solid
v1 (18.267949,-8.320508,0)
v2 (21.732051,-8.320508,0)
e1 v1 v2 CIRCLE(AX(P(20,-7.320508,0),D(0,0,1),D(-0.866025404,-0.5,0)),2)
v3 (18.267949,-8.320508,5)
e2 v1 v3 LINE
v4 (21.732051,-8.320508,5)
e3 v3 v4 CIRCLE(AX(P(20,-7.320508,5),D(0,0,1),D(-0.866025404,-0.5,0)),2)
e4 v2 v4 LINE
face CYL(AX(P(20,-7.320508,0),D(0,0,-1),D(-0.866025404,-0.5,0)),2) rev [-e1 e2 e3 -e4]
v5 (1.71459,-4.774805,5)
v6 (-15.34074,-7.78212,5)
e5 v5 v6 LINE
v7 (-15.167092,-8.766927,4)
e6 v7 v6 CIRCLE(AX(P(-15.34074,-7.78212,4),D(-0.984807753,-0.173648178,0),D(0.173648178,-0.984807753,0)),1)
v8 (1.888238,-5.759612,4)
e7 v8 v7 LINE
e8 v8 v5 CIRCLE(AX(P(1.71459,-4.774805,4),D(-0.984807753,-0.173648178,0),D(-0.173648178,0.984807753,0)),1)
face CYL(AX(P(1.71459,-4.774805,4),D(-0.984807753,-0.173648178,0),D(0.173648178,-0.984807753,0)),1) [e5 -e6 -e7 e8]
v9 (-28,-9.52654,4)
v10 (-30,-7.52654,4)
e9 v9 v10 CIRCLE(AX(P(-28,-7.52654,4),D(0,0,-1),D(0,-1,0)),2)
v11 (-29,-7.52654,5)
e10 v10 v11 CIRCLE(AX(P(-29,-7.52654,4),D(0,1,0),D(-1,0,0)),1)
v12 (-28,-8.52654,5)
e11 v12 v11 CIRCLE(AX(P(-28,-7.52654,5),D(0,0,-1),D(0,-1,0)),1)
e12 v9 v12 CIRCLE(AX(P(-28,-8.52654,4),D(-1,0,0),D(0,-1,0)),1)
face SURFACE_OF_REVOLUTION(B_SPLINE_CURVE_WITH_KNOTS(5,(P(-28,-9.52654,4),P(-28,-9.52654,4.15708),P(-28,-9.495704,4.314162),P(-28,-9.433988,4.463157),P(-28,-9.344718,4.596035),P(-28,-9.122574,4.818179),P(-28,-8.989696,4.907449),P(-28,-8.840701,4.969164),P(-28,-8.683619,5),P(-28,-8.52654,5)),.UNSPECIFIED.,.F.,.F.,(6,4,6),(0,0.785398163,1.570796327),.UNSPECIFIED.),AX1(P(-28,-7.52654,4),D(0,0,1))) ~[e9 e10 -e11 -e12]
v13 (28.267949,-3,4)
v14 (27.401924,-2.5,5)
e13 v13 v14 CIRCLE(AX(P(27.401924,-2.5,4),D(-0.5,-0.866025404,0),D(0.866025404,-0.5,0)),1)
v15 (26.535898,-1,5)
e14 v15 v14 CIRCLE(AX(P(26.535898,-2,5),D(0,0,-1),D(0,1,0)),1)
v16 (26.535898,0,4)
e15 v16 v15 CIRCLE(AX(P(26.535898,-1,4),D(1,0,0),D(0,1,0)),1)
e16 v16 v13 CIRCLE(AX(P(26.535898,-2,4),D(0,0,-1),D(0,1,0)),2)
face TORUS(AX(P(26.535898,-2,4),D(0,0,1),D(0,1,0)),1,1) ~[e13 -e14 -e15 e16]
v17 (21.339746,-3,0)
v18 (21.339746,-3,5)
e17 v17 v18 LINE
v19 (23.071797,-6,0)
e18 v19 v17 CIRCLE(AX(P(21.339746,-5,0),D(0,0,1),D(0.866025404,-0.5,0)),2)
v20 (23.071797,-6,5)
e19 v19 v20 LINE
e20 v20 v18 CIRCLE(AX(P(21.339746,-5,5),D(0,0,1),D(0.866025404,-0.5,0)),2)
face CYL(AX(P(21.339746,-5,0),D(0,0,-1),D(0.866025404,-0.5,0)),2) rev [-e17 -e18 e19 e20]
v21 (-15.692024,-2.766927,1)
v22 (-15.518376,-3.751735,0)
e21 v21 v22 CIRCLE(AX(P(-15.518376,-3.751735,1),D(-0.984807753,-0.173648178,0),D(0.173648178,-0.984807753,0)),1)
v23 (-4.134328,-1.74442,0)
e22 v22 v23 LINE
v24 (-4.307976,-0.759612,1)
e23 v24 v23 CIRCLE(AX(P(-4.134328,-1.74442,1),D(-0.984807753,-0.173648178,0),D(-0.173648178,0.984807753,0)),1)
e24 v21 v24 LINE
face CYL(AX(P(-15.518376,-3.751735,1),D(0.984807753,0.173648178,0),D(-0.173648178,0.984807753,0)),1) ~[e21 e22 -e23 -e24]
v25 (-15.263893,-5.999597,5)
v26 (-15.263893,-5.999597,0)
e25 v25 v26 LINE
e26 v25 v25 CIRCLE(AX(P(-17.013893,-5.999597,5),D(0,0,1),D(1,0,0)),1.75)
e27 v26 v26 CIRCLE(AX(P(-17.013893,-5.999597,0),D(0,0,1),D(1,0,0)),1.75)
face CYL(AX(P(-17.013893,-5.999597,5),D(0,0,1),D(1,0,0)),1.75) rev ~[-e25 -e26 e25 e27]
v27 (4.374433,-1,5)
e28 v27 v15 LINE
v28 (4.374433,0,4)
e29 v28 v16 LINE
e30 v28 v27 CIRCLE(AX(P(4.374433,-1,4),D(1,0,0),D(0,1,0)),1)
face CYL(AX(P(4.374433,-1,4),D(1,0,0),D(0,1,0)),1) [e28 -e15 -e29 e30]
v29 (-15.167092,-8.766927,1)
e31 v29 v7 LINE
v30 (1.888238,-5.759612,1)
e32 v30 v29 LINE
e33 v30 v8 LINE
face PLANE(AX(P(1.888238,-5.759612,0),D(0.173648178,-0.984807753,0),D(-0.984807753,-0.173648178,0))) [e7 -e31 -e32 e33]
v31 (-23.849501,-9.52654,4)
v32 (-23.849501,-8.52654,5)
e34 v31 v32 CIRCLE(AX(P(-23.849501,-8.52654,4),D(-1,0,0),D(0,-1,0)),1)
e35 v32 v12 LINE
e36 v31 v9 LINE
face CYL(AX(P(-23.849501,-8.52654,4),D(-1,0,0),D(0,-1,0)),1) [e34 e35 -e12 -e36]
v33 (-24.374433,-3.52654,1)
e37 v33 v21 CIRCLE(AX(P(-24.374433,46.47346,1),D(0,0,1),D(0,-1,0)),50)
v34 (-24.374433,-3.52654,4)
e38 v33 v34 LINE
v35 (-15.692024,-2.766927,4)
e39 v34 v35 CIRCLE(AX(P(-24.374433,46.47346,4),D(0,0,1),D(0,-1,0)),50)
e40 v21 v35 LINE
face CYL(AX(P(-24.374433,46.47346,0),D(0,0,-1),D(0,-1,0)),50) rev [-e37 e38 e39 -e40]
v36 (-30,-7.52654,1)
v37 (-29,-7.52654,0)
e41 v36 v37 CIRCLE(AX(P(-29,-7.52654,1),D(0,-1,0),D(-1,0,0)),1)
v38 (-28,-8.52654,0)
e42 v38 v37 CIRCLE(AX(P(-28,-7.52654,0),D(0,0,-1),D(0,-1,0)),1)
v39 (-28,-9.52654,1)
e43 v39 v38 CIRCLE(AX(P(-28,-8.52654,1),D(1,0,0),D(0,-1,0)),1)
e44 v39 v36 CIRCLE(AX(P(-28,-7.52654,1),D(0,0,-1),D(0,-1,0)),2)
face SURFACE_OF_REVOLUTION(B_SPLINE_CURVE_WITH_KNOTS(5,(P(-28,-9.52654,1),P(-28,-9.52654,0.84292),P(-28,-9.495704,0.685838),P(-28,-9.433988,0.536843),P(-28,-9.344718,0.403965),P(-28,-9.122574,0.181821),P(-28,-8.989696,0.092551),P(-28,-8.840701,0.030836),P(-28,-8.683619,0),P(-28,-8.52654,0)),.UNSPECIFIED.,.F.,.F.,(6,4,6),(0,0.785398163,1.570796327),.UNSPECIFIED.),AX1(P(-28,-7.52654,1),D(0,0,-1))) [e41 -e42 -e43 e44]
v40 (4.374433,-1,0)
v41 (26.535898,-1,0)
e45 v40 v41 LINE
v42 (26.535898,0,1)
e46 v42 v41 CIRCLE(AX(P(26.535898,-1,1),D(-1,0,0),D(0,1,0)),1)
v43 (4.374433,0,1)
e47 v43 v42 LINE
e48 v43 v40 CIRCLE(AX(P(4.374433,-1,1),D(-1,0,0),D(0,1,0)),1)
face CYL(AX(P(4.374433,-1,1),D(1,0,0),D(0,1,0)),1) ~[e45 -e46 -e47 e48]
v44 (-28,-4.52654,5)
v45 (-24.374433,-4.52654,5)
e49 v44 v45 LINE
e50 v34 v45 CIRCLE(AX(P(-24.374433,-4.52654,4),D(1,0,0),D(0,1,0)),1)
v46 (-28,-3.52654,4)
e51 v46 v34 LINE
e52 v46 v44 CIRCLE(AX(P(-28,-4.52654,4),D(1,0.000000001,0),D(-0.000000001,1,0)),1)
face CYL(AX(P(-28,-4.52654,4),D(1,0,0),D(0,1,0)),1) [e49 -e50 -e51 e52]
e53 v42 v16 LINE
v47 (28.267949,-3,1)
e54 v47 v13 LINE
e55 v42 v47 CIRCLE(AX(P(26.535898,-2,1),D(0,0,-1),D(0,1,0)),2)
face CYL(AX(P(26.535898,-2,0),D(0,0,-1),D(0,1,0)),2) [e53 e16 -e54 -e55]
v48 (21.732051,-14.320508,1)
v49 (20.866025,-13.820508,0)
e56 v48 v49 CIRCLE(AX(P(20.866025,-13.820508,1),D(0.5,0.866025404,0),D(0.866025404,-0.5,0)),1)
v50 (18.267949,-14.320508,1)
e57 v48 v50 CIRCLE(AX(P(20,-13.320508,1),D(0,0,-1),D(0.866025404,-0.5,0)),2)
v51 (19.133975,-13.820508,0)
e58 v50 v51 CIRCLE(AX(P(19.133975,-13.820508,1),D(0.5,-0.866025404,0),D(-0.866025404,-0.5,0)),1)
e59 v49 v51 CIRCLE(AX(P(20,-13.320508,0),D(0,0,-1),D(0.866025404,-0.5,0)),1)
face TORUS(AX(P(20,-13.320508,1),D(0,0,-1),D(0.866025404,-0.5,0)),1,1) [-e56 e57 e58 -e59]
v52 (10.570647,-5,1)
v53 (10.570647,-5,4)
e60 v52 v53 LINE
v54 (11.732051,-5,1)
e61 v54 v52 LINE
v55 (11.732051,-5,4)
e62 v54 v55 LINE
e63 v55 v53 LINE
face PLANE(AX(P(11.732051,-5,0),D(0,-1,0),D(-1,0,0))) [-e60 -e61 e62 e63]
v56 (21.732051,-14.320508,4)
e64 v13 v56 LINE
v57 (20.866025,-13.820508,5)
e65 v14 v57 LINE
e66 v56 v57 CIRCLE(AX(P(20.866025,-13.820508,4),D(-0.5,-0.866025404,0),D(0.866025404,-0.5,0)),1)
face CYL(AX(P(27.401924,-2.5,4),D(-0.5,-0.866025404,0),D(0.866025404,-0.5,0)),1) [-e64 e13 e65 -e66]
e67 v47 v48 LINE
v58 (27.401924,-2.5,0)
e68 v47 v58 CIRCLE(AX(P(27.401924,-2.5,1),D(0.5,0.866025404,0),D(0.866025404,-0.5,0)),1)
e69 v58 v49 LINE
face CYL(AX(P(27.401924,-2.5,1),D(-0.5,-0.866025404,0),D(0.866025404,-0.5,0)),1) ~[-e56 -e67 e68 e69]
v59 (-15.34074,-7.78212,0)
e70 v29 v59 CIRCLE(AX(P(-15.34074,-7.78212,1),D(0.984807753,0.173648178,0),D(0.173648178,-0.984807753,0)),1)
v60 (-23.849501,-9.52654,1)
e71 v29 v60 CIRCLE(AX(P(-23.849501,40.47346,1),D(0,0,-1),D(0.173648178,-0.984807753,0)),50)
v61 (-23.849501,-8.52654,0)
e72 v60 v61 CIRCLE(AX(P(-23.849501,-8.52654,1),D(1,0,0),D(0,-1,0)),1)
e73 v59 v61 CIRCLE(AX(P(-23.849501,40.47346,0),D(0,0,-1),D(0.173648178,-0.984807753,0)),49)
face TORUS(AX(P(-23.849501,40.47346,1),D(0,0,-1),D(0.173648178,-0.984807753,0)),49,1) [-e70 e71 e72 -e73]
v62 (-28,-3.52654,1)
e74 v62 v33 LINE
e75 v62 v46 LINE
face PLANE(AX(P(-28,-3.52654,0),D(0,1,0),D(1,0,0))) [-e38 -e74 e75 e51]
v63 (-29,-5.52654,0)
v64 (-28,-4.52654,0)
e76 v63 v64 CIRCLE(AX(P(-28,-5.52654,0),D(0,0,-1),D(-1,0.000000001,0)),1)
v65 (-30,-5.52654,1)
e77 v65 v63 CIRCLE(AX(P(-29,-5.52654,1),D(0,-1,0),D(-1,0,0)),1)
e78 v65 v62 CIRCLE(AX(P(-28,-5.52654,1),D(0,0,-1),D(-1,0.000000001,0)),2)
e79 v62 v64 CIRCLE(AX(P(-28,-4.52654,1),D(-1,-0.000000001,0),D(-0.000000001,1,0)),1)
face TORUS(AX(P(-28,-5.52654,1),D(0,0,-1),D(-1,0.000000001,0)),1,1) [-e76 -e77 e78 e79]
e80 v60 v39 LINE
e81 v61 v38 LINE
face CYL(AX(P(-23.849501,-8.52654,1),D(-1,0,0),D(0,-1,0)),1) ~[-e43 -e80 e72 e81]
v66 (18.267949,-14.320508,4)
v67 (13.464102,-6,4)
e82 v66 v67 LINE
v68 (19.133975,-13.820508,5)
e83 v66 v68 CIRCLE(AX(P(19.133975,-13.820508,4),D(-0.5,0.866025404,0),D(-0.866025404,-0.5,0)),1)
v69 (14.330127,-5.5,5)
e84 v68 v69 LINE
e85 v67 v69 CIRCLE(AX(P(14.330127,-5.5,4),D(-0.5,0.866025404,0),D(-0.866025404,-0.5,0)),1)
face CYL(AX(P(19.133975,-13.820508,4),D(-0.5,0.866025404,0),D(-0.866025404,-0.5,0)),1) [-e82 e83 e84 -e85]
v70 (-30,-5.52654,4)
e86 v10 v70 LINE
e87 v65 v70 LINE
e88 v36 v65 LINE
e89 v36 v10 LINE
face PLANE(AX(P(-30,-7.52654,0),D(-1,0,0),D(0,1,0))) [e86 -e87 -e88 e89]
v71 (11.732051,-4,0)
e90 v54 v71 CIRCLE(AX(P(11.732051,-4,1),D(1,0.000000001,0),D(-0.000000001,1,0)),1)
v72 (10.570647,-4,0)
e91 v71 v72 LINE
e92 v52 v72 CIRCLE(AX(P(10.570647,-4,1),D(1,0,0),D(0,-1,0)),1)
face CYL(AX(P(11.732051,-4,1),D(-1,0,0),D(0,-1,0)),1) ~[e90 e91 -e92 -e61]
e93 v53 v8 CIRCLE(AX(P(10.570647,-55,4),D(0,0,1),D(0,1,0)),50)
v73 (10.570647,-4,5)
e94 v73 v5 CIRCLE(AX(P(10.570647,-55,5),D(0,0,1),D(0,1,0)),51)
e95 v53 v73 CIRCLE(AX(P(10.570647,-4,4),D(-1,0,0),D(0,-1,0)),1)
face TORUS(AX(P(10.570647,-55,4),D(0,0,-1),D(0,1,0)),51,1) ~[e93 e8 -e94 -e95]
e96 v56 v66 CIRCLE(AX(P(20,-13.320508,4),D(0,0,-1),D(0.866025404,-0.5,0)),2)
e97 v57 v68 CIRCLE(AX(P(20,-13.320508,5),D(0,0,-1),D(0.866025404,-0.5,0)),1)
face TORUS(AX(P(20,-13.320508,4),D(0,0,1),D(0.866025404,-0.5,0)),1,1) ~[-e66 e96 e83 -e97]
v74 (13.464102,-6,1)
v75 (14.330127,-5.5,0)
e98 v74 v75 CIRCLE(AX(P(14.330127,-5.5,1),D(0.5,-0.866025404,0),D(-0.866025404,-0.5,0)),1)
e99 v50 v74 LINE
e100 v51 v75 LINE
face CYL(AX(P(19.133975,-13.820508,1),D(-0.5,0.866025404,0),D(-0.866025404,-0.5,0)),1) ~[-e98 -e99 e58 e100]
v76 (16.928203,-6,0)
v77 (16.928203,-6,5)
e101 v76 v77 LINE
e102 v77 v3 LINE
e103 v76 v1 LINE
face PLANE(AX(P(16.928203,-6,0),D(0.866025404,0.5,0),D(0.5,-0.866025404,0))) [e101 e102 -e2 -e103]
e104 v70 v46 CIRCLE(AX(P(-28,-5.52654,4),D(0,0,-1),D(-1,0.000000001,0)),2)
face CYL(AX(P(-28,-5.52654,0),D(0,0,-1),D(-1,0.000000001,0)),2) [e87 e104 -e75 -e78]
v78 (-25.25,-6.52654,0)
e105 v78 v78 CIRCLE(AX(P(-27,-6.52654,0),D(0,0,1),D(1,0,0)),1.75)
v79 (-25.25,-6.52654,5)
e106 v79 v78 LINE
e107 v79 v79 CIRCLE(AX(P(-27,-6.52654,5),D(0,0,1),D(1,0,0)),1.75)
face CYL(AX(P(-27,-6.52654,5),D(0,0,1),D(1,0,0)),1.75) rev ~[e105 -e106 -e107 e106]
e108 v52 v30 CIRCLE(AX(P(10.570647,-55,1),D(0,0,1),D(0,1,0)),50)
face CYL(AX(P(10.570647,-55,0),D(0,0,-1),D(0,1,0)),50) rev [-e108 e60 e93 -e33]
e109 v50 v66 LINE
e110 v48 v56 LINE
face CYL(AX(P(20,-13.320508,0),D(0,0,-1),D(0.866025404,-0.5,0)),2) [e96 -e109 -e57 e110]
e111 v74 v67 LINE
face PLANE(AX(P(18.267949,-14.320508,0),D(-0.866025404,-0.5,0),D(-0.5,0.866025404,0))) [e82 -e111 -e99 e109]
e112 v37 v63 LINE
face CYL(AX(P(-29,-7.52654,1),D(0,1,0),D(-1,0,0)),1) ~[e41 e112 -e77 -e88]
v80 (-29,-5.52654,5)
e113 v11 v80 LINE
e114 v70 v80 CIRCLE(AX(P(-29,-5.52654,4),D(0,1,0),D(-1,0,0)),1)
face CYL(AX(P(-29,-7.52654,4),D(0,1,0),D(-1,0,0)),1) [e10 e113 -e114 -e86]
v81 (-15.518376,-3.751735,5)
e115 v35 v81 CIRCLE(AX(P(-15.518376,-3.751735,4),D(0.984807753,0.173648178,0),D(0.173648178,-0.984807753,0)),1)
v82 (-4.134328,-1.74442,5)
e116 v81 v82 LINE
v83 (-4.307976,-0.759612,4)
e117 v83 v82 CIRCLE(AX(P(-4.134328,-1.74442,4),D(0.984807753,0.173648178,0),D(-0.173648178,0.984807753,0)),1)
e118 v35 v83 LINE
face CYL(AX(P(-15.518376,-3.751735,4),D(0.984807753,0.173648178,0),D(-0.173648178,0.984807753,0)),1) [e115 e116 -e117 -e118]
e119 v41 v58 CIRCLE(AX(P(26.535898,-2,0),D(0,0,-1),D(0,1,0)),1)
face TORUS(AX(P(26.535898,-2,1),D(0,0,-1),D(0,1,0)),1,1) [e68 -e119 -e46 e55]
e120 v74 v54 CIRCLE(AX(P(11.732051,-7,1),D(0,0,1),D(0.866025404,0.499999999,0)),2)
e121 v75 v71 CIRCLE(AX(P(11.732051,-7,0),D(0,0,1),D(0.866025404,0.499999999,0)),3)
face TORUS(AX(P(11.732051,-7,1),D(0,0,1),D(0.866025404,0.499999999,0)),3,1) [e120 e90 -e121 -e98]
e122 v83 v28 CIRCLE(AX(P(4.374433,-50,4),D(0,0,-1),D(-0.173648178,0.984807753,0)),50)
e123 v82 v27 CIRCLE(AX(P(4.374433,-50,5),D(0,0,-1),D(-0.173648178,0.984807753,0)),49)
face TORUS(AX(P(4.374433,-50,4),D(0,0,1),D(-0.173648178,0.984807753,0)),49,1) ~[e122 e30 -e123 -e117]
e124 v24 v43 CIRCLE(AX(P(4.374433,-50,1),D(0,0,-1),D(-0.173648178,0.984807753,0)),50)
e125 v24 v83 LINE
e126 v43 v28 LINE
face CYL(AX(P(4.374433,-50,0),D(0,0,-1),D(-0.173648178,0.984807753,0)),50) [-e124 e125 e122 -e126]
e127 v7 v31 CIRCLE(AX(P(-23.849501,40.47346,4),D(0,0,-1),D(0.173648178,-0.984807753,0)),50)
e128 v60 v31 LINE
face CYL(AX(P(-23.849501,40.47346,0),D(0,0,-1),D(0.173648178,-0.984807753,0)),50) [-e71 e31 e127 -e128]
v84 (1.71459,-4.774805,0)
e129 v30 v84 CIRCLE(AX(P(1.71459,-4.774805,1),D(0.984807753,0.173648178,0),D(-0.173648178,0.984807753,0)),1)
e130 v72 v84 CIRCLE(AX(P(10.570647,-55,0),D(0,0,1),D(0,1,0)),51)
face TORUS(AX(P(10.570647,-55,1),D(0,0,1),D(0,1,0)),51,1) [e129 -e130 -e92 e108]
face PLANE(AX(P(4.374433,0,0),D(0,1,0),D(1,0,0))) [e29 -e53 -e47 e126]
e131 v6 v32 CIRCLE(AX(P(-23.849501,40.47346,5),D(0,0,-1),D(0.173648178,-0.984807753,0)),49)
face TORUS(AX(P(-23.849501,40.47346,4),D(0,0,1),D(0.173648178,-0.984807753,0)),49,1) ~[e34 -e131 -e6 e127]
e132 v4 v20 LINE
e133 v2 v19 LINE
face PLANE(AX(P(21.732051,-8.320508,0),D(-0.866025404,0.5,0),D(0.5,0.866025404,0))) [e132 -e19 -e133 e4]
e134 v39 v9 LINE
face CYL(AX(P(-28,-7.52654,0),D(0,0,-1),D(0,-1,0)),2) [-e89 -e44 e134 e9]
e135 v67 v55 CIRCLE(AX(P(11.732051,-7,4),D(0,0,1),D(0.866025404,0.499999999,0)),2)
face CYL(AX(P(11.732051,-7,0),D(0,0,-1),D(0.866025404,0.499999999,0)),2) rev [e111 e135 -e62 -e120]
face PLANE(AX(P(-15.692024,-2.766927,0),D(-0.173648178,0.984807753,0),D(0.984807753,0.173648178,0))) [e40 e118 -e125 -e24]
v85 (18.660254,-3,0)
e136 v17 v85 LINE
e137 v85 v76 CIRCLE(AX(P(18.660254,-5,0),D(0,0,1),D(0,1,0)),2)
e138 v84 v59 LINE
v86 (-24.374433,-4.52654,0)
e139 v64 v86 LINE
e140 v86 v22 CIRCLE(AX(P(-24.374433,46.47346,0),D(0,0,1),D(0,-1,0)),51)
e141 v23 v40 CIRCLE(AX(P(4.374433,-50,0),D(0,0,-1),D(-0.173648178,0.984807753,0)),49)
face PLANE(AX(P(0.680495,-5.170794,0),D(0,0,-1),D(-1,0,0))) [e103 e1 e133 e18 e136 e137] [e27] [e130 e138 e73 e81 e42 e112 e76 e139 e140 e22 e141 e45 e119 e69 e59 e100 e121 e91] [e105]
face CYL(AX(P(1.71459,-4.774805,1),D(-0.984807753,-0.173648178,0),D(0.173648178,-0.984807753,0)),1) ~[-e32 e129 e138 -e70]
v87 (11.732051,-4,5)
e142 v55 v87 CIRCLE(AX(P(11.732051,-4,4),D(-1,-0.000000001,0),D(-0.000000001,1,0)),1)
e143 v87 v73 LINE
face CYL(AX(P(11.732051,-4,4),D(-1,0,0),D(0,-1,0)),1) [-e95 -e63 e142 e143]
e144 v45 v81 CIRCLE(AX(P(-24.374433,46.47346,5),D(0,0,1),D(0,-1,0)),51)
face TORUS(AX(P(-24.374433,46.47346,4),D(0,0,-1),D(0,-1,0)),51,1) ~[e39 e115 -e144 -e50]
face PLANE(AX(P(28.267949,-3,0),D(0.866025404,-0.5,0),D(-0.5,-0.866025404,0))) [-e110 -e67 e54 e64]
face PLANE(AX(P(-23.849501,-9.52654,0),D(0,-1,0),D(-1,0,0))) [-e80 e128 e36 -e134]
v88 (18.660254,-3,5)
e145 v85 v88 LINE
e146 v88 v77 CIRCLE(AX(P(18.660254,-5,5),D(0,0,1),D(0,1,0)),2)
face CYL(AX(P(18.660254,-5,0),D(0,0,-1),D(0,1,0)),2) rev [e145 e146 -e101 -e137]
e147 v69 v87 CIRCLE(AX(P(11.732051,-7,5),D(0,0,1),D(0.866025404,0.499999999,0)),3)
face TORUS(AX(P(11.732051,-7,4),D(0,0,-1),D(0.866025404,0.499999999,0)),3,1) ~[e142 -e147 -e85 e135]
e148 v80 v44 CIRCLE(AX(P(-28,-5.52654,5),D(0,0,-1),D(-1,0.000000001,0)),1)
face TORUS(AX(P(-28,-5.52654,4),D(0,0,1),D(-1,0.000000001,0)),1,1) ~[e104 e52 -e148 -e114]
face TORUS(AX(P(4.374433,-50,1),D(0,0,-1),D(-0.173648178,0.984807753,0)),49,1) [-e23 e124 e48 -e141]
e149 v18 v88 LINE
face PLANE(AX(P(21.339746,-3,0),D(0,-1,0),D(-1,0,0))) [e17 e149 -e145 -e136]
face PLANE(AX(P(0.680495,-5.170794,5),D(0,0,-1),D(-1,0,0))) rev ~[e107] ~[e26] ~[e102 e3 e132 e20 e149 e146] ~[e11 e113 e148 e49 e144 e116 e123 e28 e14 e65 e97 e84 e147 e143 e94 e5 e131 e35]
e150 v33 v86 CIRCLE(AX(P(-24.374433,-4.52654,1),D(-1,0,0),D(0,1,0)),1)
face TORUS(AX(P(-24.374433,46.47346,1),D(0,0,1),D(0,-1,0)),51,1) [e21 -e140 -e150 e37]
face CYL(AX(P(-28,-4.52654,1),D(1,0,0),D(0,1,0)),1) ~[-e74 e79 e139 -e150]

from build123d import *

# Parameters (mm, degrees)
BOSS_EXTRUDE1_DEPTH = 5
FILLET1_R           = 1
SKETCH2_R           = 1.75
CUT_EXTRUDE1_DEPTH  = 35.054632191


with BuildPart() as part:
    # Sketch1 → Boss-Extrude1 (new body)
    with BuildSketch(Plane.XY):
        with BuildLine():
            Line((4.374433176, 0), (26.535898385, 0))
            ThreePointArc((26.535898385, 0), (28.267949192, -1), (28.267949192, -3))
            Line((28.267949192, -3), (21.732050808, -14.320508076))
            ThreePointArc((21.732050808, -14.320508076), (20, -15.320508076), (18.267949192, -14.320508076))
            Line((18.267949192, -14.320508076), (13.464101615, -6))
            ThreePointArc((13.464101615, -6), (12.732050808, -5.267949192), (11.732050808, -5))
            Line((11.732050808, -5), (10.570646977, -5))
            ThreePointArc((10.570646977, -5), (6.21285984, -5.190265095), (1.888238094, -5.759612349))
            Line((1.888238094, -5.759612349), (-15.167092312, -8.766927265))
            ThreePointArc((-15.167092312, -8.766927265), (-19.491714058, -9.336274519), (-23.849501195, -9.526539614))
            Line((-23.849501195, -9.526539614), (-28, -9.526539614))
            ThreePointArc((-28, -9.526539614), (-29.414213562, -8.940753177), (-30, -7.526539614))
            Line((-30, -7.526539614), (-30, -5.526539614))
            ThreePointArc((-30, -5.526539614), (-29.414213562, -4.112326052), (-28, -3.526539614))
            Line((-28, -3.526539614), (-24.374433176, -3.526539614))
            ThreePointArc((-24.374433176, -3.526539614), (-20.016646039, -3.336274519), (-15.692024293, -2.766927265))
            Line((-15.692024293, -2.766927265), (-4.307975707, -0.759612349))
            ThreePointArc((-4.307975707, -0.759612349), (0.016646039, -0.190265095), (4.374433176, 0))
        make_face()
        with BuildLine():
            Line((21.732050808, -8.320508076), (23.07179677, -6))
            ThreePointArc((23.07179677, -6), (23.07179677, -4), (21.339745962, -3))
            Line((21.339745962, -3), (18.660254038, -3))
            ThreePointArc((18.660254038, -3), (16.92820323, -4), (16.92820323, -6))
            Line((16.92820323, -6), (18.267949192, -8.320508076))
            ThreePointArc((18.267949192, -8.320508076), (20, -9.320508076), (21.732050808, -8.320508076))
        make_face(mode=Mode.SUBTRACT)
    extrude(amount=BOSS_EXTRUDE1_DEPTH)

    # Fillet1
    fillet1_edges = [part.edges().sort_by_distance(p)[0] for p in [
        (-19.491714058, -9.336274519, 5),
        (-6.639427109, -7.263269807, 5),
        (-30, -6.526539614, 0),
        (-29.414213562, -4.112326052, 0),
        (-26.187216588, -3.526539614, 0),
        (-20.016646039, -3.336274519, 0),
        (-10, -1.763269807, 0),
        (0.016646039, -0.190265095, 0),
        (15.455165781, 0, 0),
        (28.267949192, -1, 0),
        (25, -8.660254038, 0),
        (6.21285984, -5.190265095, 5),
        (20, -15.320508076, 0),
        (15.866025404, -10.160254038, 0),
        (12.732050808, -5.267949192, 0),
        (11.151348892, -5, 0),
        (6.21285984, -5.190265095, 0),
        (-6.639427109, -7.263269807, 0),
        (-19.491714058, -9.336274519, 0),
        (-25.924750598, -9.526539614, 0),
        (-29.414213562, -8.940753177, 0),
        (11.151348892, -5, 5),
        (12.732050808, -5.267949192, 5),
        (15.866025404, -10.160254038, 5),
        (20, -15.320508076, 5),
        (25, -8.660254038, 5),
        (28.267949192, -1, 5),
        (15.455165781, 0, 5),
        (-29.414213562, -8.940753177, 5),
        (0.016646039, -0.190265095, 5),
        (-10, -1.763269807, 5),
        (-20.016646039, -3.336274519, 5),
        (-26.187216588, -3.526539614, 5),
        (-29.414213562, -4.112326052, 5),
        (-30, -6.526539614, 5),
        (-25.924750598, -9.526539614, 5),
    ]]
    fillet(fillet1_edges, radius=FILLET1_R)

    # Sketch2 → Cut-Extrude1 (cut, through all)
    with BuildSketch(Plane.XY.offset(5)):
        with Locations((-17.013893068, -5.999597174)):
            Circle(SKETCH2_R)
        with Locations((-27, -6.526539614)):
            Circle(SKETCH2_R)
    extrude(amount=-CUT_EXTRUDE1_DEPTH, mode=Mode.SUBTRACT)


solid = part.part
